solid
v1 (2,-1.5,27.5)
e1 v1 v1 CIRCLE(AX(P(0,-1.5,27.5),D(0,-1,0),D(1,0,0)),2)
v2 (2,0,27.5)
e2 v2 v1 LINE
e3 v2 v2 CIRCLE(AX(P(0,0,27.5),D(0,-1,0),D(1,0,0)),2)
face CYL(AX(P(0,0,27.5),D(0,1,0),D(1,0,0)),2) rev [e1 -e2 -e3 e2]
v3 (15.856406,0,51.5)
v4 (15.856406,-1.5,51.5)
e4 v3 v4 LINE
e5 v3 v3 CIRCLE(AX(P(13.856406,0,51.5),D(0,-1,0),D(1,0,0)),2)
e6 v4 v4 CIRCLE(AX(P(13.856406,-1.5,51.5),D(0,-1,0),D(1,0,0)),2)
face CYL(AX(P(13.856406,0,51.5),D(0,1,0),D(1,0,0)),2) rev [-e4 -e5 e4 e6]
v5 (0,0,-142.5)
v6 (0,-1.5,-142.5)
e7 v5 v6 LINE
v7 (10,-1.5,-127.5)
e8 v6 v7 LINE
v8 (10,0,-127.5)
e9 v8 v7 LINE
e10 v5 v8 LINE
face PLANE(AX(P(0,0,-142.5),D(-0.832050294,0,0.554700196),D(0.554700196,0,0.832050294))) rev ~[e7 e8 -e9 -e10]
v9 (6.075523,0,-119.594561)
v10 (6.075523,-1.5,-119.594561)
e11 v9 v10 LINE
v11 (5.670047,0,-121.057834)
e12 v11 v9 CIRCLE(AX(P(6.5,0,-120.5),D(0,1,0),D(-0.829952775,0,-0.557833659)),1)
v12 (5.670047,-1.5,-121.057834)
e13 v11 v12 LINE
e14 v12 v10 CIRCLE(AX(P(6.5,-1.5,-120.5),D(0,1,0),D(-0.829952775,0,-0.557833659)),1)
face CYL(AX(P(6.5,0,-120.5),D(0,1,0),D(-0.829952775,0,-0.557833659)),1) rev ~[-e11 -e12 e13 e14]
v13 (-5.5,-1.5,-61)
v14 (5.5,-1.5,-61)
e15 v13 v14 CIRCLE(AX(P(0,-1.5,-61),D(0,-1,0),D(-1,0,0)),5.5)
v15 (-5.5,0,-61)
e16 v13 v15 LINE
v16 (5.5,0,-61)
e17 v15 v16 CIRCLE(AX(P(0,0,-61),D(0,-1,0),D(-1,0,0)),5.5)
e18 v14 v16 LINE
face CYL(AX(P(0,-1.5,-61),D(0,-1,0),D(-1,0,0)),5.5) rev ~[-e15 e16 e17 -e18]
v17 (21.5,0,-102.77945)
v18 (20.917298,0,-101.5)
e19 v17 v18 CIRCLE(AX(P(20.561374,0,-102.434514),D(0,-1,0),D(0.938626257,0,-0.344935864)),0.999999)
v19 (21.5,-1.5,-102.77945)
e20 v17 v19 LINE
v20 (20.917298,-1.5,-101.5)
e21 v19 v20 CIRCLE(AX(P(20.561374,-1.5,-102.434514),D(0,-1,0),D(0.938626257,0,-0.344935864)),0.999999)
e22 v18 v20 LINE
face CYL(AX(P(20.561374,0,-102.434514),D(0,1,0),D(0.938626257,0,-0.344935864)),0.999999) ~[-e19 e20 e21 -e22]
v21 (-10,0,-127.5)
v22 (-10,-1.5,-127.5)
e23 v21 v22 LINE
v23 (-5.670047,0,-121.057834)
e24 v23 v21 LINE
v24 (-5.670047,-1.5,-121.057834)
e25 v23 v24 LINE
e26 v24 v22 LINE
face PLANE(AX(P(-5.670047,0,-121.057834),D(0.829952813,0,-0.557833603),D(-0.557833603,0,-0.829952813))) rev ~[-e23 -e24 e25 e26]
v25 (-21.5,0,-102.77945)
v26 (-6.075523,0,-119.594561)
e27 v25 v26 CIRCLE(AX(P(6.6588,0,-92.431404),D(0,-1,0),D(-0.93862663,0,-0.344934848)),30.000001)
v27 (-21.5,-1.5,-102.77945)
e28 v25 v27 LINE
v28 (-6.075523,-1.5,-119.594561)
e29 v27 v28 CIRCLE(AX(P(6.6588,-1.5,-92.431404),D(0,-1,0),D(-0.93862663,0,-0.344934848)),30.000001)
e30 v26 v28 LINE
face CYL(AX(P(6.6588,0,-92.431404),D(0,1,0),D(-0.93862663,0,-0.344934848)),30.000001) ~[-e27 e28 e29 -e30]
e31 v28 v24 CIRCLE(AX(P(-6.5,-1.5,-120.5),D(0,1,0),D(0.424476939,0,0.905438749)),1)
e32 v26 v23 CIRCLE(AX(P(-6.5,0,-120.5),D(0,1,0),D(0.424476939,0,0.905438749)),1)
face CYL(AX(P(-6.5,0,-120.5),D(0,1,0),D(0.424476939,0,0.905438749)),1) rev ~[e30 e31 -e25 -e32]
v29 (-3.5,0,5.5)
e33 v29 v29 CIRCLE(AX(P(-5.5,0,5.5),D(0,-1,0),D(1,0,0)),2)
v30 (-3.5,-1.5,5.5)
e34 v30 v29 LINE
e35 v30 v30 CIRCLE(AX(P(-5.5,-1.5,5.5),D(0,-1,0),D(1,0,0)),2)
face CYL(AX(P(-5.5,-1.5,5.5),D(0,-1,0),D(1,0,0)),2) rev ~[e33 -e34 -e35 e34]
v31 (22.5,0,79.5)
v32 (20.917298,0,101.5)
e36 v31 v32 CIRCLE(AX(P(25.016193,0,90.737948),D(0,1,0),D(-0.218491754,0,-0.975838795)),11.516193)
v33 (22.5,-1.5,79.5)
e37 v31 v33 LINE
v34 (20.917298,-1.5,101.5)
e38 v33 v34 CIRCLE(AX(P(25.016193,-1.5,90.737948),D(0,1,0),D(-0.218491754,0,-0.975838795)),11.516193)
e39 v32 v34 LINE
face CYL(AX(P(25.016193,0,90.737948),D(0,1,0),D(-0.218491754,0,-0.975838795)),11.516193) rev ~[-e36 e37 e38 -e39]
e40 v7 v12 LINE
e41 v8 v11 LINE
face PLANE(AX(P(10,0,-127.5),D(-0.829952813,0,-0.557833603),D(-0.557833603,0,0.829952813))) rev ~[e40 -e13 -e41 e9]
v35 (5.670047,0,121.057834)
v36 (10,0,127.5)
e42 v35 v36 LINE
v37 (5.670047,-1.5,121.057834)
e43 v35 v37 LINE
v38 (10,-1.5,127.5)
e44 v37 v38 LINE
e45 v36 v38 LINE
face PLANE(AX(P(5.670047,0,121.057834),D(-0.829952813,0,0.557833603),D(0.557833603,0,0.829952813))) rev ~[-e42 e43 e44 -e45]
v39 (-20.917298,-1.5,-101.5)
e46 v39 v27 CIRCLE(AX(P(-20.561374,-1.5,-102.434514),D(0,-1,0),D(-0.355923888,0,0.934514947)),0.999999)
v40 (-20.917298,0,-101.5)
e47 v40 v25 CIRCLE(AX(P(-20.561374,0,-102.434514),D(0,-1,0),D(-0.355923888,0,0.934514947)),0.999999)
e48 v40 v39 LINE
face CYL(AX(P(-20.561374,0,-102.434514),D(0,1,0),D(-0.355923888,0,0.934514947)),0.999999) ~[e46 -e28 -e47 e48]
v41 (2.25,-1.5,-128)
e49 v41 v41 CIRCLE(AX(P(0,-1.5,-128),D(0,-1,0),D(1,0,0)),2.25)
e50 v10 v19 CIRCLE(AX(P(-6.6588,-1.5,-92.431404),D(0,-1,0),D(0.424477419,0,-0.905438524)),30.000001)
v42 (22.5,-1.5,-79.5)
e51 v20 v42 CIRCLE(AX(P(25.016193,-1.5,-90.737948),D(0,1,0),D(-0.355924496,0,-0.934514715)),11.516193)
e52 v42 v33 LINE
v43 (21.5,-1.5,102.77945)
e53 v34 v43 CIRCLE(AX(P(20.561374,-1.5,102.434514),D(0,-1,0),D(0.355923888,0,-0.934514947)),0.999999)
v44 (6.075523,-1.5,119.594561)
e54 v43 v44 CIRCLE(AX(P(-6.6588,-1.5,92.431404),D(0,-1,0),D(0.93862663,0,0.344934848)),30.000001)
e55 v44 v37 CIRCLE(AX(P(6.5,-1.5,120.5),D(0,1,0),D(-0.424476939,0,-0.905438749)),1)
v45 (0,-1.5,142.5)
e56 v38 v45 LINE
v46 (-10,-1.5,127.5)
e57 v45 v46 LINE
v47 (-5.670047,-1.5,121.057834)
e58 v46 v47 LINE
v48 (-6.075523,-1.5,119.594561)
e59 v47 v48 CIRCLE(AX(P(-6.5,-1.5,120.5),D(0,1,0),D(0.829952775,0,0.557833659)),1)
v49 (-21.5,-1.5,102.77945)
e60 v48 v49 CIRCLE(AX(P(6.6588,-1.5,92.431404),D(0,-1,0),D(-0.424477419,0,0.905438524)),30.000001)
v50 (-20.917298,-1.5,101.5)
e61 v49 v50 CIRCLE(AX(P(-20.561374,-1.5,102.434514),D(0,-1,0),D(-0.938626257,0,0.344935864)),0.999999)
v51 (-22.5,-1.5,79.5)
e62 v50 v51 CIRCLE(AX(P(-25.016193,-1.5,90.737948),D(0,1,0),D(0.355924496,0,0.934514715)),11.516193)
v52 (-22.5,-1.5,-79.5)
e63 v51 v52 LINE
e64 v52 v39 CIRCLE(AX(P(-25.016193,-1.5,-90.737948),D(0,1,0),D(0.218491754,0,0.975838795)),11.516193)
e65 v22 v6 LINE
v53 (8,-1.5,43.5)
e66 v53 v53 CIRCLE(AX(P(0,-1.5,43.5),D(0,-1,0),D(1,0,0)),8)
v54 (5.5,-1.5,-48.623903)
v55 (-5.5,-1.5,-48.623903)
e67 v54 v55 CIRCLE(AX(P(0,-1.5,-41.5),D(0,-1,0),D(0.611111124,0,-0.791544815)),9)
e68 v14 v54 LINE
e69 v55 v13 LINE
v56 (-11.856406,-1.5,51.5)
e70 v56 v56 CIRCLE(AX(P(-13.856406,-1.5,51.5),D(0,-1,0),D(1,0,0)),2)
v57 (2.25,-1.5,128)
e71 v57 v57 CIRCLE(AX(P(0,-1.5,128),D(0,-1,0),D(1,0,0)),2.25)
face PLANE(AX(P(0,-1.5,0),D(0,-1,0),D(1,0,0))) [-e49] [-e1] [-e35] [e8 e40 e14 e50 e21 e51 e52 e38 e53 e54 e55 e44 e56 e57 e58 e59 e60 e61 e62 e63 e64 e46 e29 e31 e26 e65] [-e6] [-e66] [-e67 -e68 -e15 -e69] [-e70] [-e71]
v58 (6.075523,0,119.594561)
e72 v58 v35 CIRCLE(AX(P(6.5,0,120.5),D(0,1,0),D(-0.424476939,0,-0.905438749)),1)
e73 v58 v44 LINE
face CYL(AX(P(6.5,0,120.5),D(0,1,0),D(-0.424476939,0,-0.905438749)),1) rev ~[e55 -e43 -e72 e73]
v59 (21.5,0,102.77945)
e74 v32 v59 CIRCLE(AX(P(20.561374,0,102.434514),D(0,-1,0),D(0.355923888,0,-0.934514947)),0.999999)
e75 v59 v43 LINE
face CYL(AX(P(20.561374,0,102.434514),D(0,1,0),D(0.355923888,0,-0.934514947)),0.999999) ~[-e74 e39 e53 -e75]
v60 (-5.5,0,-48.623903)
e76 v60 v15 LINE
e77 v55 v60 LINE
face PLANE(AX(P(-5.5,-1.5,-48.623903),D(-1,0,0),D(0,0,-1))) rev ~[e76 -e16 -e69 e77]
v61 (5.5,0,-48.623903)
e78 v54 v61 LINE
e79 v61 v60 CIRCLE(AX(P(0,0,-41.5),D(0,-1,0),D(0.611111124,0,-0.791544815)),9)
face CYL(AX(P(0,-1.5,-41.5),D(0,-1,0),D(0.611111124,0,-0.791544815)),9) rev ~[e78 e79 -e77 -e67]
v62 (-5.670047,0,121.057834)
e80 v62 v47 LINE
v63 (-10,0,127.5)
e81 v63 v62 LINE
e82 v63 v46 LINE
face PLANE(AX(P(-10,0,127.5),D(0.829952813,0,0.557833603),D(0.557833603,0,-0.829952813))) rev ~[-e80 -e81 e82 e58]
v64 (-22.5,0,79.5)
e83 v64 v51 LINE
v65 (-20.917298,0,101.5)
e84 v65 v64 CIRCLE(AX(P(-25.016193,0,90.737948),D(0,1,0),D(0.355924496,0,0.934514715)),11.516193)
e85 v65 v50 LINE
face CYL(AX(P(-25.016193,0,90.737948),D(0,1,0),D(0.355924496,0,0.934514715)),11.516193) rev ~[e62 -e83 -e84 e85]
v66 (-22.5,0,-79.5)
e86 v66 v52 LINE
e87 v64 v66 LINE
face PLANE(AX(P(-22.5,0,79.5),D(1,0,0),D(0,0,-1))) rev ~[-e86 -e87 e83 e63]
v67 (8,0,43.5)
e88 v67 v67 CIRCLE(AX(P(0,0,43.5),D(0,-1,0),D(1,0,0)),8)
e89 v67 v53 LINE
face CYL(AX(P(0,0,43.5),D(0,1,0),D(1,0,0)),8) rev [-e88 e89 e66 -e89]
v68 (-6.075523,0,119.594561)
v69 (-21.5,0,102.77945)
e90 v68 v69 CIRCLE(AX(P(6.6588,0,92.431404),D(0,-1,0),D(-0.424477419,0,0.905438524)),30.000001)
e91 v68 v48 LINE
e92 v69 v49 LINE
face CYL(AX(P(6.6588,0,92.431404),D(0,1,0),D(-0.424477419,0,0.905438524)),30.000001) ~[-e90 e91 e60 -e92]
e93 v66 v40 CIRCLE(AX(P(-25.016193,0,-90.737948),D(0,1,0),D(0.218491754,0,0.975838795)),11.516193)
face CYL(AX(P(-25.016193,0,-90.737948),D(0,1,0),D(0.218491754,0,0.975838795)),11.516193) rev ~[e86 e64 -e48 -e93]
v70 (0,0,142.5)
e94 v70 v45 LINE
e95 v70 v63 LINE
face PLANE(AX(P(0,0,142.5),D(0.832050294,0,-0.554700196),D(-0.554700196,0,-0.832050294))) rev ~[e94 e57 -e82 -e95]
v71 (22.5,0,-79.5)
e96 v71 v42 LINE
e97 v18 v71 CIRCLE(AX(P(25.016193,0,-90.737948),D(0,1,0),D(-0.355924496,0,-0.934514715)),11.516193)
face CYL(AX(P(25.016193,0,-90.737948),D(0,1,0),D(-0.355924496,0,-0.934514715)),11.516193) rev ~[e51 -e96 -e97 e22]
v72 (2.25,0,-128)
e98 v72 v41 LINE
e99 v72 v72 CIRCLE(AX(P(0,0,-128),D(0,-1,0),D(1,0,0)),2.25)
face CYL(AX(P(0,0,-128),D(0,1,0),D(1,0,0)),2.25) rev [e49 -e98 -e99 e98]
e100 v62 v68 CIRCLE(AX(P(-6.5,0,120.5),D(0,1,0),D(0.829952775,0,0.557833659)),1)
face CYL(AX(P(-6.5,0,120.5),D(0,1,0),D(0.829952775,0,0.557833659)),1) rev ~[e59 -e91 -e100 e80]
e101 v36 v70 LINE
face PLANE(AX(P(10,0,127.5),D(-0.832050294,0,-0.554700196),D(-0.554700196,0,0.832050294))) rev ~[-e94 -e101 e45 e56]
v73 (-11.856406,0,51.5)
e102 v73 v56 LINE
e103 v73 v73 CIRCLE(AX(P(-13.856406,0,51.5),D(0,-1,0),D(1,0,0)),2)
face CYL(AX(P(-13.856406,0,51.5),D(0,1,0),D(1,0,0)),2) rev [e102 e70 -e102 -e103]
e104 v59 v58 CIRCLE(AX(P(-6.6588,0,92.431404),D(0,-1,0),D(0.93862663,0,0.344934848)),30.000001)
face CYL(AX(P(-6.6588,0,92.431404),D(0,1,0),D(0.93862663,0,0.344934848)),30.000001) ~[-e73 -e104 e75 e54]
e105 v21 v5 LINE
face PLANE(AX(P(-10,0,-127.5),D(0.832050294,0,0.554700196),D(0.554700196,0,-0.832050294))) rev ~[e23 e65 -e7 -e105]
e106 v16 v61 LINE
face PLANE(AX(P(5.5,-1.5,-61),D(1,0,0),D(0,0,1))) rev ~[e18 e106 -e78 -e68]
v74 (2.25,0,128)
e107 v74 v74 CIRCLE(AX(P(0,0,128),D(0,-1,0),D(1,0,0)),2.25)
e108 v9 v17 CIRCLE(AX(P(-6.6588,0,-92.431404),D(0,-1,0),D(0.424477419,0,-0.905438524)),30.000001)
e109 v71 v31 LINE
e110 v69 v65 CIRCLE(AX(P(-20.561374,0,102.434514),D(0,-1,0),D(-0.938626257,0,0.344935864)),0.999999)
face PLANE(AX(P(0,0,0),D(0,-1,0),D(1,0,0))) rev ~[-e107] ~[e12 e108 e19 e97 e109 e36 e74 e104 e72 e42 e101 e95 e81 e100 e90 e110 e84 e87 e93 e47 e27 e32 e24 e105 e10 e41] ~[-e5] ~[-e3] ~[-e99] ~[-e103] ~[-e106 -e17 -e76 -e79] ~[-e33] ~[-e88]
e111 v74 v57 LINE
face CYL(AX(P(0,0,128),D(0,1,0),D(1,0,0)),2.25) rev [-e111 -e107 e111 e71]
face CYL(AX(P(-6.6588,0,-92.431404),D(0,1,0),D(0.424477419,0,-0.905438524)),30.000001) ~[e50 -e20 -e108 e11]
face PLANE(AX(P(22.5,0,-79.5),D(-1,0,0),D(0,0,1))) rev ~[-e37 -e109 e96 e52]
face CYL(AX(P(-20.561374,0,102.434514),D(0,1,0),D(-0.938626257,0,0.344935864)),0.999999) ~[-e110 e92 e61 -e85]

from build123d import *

# Parameters (mm, degrees)
F0_R     = 2.25
F0_R_2   = 2
F0_R_3   = 8
F1_DEPTH = 1.5
F2_R     = 2
F3_DEPTH = 1.5


with BuildPart() as f1:
    # F0 (on Front) → F1 (new body)
    with BuildSketch(Plane.XZ):
        with BuildLine():
            ThreePointArc((20.917298, -101.5), (13.529686, -89.911597), (22.5, -79.5))
            Line((22.5, -79.5), (22.5, 79.5))
            ThreePointArc((22.5, 79.5), (13.529686, 89.911597), (20.917298, 101.5))
            ThreePointArc((20.917298, 101.5), (21.471436, 102.020043), (21.5, 102.77945))
            ThreePointArc((21.5, 102.77945), (15.448865, 112.710734), (6.075523, 119.594561))
            ThreePointArc((6.075523, 119.594561), (5.536314, 120.232961), (5.670047, 121.057834))
            Line((5.670047, 121.057834), (10, 127.5))
            Line((10, 127.5), (0, 142.5))
            Line((0, 142.5), (-10, 127.5))
            Line((-10, 127.5), (-5.670047, 121.057834))
            ThreePointArc((-5.670047, 121.057834), (-5.536314, 120.232961), (-6.075523, 119.594561))
            ThreePointArc((-6.075523, 119.594561), (-15.448865, 112.710734), (-21.5, 102.77945))
            ThreePointArc((-21.5, 102.77945), (-21.471436, 102.020043), (-20.917298, 101.5))
            ThreePointArc((-20.917298, 101.5), (-13.529686, 89.911597), (-22.5, 79.5))
            Line((-22.5, 79.5), (-22.5, -79.5))
            ThreePointArc((-22.5, -79.5), (-13.529686, -89.911597), (-20.917298, -101.5))
            ThreePointArc((-20.917298, -101.5), (-21.471436, -102.020043), (-21.5, -102.77945))
            ThreePointArc((-21.5, -102.77945), (-15.448865, -112.710734), (-6.075523, -119.594561))
            ThreePointArc((-6.075523, -119.594561), (-5.536314, -120.232961), (-5.670047, -121.057834))
            Line((-5.670047, -121.057834), (-10, -127.5))
            Line((-10, -127.5), (0, -142.5))
            Line((0, -142.5), (10, -127.5))
            Line((10, -127.5), (5.670047, -121.057834))
            ThreePointArc((5.670047, -121.057834), (5.536314, -120.232961), (6.075523, -119.594561))
            ThreePointArc((6.075523, -119.594561), (15.448865, -112.710734), (21.5, -102.77945))
            ThreePointArc((21.5, -102.77945), (21.471436, -102.020043), (20.917298, -101.5))
        make_face()
        with Locations((0, -128)):
            Circle(F0_R, mode=Mode.SUBTRACT)
        with Locations((-13.856406, 51.5)):
            Circle(F0_R_2, mode=Mode.SUBTRACT)
        with Locations((0, 27.5)):
            Circle(F0_R_2, mode=Mode.SUBTRACT)
        with Locations((0, 43.5)):
            Circle(F0_R_3, mode=Mode.SUBTRACT)
        with Locations((13.856406, 51.5)):
            Circle(F0_R_2, mode=Mode.SUBTRACT)
        with Locations((0, 128)):
            Circle(F0_R, mode=Mode.SUBTRACT)
    extrude(amount=F1_DEPTH)

    # F2 (on face) → F3 (cut, through all)
    with BuildSketch(Plane.XZ.offset(1.5)):
        with BuildLine():
            Line((5.5, -61), (5.5, -48.623903))
            ThreePointArc((5.5, -48.623903), (0, -32.5), (-5.5, -48.623903))
            Line((-5.5, -48.623903), (-5.5, -61))
            ThreePointArc((-5.5, -61), (0, -66.5), (5.5, -61))
        make_face()
        with Locations((-5.5, 5.5)):
            Circle(F2_R)
    extrude(amount=-F3_DEPTH, mode=Mode.SUBTRACT)


solid = f1.part
